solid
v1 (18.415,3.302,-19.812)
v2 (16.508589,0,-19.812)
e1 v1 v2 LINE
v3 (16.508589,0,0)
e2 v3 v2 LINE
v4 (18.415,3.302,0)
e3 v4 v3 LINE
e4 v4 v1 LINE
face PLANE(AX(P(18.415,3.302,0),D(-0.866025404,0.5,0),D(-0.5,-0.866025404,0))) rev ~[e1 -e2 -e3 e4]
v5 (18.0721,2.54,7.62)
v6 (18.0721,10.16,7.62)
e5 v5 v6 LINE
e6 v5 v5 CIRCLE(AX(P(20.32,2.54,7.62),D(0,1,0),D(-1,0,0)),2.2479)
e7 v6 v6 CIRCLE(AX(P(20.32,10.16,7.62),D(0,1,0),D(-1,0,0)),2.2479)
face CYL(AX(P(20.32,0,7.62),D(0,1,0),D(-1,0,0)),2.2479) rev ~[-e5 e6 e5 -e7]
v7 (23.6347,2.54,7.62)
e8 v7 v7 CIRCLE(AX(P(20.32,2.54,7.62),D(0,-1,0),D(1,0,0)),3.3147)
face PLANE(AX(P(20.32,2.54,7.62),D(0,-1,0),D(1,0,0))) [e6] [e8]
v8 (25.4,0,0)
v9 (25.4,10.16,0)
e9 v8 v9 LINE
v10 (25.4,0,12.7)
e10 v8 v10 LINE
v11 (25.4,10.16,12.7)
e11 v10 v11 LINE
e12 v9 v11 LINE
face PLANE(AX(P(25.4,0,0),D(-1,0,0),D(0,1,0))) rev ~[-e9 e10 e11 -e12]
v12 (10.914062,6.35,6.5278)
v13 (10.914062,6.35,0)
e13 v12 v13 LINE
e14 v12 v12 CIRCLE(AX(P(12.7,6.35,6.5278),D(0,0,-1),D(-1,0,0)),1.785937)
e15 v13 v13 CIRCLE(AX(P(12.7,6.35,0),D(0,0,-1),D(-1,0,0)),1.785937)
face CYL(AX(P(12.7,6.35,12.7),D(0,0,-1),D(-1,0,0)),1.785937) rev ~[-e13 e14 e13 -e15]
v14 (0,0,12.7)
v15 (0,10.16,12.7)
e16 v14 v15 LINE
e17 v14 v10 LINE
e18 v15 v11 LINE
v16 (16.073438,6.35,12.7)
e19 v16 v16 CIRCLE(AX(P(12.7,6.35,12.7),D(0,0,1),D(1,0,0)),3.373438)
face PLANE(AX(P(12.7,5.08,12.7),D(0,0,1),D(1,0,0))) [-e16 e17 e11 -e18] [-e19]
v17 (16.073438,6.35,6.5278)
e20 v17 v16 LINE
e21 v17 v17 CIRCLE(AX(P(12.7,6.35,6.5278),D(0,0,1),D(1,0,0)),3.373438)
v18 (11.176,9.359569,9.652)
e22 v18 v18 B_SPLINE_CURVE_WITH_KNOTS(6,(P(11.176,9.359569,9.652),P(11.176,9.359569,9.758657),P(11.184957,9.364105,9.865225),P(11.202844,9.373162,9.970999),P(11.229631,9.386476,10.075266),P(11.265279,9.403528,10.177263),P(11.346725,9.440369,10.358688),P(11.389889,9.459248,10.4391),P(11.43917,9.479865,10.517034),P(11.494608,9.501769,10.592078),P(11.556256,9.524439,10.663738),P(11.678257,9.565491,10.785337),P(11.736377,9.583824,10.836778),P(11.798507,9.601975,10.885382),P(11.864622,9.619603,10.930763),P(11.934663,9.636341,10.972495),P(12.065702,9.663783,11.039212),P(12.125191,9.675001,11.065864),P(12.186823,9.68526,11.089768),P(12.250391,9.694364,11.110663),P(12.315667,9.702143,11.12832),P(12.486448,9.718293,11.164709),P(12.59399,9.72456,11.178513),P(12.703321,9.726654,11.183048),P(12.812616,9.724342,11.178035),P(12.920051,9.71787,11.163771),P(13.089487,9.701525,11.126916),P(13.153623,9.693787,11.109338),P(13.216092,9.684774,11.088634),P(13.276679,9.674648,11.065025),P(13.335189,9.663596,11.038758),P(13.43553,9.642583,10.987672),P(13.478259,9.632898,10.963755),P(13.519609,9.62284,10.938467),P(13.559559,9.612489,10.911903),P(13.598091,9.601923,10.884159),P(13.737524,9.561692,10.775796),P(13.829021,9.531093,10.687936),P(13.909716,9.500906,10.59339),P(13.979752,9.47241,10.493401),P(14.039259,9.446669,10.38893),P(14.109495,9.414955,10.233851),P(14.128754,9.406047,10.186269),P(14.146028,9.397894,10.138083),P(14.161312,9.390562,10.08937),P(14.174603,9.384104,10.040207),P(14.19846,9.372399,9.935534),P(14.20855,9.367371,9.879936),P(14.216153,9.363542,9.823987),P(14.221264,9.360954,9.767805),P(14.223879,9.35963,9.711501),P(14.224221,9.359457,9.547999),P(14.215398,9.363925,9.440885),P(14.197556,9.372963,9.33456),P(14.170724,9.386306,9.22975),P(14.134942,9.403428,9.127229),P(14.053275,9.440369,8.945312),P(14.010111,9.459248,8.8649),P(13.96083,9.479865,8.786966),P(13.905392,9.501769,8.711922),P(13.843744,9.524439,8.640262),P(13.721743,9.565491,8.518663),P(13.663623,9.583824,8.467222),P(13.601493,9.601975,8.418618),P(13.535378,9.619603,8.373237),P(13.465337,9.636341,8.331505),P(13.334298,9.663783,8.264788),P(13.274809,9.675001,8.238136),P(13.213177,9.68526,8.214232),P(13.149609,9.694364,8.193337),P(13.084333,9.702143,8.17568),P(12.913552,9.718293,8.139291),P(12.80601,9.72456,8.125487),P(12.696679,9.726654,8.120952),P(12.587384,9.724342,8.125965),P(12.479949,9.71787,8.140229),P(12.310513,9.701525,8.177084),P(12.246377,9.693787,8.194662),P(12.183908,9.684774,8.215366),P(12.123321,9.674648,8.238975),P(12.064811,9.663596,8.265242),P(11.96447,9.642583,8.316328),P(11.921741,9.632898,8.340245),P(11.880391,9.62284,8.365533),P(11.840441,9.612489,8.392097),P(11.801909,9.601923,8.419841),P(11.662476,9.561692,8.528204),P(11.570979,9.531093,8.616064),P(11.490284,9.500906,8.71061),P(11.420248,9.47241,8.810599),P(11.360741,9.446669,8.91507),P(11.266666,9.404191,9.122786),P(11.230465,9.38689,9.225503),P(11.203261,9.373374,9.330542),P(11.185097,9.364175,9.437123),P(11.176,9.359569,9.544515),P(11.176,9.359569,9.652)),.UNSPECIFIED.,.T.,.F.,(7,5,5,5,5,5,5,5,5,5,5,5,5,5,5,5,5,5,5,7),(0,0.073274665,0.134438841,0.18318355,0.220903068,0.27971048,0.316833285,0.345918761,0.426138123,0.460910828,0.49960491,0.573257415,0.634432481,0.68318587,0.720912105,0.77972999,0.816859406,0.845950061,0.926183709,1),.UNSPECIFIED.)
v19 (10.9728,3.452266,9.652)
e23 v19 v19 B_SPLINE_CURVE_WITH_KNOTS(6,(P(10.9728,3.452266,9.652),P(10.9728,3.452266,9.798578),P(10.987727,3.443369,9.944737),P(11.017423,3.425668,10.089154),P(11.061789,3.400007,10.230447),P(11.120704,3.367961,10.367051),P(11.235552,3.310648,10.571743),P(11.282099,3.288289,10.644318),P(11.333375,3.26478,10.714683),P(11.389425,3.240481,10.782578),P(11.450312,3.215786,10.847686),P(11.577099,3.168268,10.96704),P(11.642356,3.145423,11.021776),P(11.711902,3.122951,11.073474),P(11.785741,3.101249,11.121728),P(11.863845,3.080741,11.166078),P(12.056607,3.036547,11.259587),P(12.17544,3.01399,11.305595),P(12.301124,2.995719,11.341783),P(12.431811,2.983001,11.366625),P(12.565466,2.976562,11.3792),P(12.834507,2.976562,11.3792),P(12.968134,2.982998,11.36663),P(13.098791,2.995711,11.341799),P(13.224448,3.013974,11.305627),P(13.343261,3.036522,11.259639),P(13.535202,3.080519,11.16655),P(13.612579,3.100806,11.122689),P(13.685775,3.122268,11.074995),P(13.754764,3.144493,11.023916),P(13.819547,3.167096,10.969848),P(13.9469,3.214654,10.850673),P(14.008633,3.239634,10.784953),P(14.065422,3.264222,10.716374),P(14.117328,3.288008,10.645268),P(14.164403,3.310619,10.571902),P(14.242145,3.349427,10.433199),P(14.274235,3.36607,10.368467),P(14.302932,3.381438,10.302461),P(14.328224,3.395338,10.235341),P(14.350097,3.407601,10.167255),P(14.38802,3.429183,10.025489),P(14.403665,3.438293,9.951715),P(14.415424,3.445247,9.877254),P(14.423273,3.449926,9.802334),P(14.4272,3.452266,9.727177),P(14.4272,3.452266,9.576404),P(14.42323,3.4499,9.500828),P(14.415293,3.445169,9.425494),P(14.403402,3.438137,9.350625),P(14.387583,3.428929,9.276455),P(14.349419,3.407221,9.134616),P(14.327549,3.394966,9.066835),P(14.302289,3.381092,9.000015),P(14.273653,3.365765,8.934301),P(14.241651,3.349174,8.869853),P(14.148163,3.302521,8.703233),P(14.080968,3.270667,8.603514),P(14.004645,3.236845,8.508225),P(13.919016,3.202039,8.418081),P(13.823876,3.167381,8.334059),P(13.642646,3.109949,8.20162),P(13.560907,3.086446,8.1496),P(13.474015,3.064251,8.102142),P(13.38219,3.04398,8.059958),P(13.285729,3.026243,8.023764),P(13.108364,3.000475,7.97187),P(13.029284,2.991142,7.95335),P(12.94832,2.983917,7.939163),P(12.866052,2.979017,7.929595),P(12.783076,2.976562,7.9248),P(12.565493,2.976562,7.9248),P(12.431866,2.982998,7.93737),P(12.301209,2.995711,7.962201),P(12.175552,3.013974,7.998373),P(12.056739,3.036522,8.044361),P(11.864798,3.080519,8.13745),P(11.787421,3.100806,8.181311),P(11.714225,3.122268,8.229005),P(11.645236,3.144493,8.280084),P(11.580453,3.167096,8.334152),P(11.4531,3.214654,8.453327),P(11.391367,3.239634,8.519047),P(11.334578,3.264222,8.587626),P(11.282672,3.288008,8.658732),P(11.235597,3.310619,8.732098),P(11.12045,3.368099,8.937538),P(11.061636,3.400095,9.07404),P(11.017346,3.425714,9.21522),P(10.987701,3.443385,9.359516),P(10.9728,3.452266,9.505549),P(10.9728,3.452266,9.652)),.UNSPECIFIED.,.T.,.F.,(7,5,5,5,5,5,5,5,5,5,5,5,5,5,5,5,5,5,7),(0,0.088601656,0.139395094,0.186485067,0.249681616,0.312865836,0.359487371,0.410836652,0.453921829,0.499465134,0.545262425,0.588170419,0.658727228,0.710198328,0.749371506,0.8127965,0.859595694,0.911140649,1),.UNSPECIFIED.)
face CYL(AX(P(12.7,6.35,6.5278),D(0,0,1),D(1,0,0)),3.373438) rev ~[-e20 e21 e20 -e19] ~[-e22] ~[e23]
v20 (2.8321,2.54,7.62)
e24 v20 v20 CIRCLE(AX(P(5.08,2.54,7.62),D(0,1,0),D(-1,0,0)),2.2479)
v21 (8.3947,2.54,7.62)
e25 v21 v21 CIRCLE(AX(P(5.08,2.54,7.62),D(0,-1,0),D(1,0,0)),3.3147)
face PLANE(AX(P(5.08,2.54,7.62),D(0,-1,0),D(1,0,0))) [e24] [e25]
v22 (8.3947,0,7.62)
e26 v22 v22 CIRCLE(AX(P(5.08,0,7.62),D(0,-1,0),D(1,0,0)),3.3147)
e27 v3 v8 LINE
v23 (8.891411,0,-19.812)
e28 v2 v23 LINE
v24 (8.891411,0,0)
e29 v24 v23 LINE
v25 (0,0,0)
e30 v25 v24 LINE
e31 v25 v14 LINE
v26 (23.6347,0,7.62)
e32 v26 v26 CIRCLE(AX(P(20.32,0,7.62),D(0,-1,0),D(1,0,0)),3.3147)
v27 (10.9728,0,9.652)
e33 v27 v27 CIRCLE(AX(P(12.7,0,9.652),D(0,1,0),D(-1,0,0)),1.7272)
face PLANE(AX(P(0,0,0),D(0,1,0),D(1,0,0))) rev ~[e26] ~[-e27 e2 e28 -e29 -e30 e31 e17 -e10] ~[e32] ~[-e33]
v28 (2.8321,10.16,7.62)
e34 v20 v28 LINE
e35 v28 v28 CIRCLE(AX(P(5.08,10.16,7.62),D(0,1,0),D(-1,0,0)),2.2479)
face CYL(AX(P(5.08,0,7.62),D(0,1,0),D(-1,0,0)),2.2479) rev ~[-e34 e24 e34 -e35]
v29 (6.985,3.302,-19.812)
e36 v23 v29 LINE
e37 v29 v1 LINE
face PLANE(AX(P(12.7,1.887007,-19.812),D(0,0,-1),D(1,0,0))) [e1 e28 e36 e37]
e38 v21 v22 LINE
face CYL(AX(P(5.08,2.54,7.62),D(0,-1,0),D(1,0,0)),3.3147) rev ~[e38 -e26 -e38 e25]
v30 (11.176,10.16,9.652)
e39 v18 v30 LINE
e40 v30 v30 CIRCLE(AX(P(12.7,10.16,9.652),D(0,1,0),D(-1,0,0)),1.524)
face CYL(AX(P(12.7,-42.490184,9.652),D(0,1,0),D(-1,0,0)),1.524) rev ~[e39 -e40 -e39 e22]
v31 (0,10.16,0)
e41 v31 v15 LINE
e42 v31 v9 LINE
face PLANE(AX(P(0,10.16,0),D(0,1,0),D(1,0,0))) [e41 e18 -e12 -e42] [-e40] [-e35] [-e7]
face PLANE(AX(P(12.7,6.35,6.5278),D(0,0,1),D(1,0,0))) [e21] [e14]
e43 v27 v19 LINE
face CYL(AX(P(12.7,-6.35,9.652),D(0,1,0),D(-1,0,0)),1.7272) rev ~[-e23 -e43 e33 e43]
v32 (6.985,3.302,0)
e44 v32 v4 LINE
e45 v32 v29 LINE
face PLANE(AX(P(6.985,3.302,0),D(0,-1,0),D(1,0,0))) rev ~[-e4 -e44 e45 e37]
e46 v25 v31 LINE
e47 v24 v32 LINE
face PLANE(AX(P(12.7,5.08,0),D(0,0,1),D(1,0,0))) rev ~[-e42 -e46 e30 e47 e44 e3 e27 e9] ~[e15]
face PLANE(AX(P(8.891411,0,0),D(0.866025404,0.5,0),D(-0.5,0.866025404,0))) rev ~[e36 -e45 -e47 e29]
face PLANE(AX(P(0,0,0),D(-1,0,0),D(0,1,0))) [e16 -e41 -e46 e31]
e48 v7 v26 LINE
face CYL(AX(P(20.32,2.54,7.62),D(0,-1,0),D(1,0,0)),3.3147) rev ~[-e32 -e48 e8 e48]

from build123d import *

# Parameters (mm, degrees)
F0_W           = 25.4
F0_H           = 10.16
F1_DEPTH       = 12.7
F3_DEPTH       = 19.812
F5_D           = 4.4958
F5_CBORE_D     = 6.6294
F5_CBORE_DEPTH = 2.54
F7_D           = 3.571875
F7_CBORE_D     = 6.746875
F7_CBORE_DEPTH = 6.1722
F8_D           = 3.4544
F8_DEPTH       = 6.35
F8_TIP         = 1.0378064612
F9_D           = 3.048


with BuildPart() as f1:
    # F0 (on Top) → F1 (new body)
    with BuildSketch(Plane.XY):
        with Locations((12.7, 5.08)):
            Rectangle(F0_W, F0_H)
    extrude(amount=F1_DEPTH)

    # F2 (on face) → F3 (join)
    with BuildSketch(Plane(origin=(0, 0, 0), x_dir=(1, 0, 0), z_dir=(0, 0, -1))):
        Polygon((8.8914105889, 0), (6.985, -3.302), (18.415, -3.302), (16.5085894111, 0), align=None)
    extrude(amount=F3_DEPTH)

    # F5 (through all)
    with Locations(Plane.XZ):
        with Locations((5.08, 7.62), (20.32, 7.62)):
            CounterBoreHole(F5_D / 2, F5_CBORE_D / 2, F5_CBORE_DEPTH)

    # F7 (through all)
    with Locations(Plane.XY.offset(12.7)):
        with Locations((12.7, 6.35)):
            CounterBoreHole(F7_D / 2, F7_CBORE_D / 2, F7_CBORE_DEPTH)

    # F8
    with Locations(Plane.XZ):
        with Locations((12.7, 9.652)):
            Hole(F8_D / 2, depth=F8_DEPTH)
            with Locations((0, 0, -(F8_DEPTH + F8_TIP / 2))):  # 118° drill point
                Cone(0, F8_D / 2, F8_TIP, mode=Mode.SUBTRACT)

    # F9 (through all)
    with Locations(Plane.XZ):
        with Locations((12.7, 9.652)):
            Hole(F9_D / 2)


solid = f1.part
